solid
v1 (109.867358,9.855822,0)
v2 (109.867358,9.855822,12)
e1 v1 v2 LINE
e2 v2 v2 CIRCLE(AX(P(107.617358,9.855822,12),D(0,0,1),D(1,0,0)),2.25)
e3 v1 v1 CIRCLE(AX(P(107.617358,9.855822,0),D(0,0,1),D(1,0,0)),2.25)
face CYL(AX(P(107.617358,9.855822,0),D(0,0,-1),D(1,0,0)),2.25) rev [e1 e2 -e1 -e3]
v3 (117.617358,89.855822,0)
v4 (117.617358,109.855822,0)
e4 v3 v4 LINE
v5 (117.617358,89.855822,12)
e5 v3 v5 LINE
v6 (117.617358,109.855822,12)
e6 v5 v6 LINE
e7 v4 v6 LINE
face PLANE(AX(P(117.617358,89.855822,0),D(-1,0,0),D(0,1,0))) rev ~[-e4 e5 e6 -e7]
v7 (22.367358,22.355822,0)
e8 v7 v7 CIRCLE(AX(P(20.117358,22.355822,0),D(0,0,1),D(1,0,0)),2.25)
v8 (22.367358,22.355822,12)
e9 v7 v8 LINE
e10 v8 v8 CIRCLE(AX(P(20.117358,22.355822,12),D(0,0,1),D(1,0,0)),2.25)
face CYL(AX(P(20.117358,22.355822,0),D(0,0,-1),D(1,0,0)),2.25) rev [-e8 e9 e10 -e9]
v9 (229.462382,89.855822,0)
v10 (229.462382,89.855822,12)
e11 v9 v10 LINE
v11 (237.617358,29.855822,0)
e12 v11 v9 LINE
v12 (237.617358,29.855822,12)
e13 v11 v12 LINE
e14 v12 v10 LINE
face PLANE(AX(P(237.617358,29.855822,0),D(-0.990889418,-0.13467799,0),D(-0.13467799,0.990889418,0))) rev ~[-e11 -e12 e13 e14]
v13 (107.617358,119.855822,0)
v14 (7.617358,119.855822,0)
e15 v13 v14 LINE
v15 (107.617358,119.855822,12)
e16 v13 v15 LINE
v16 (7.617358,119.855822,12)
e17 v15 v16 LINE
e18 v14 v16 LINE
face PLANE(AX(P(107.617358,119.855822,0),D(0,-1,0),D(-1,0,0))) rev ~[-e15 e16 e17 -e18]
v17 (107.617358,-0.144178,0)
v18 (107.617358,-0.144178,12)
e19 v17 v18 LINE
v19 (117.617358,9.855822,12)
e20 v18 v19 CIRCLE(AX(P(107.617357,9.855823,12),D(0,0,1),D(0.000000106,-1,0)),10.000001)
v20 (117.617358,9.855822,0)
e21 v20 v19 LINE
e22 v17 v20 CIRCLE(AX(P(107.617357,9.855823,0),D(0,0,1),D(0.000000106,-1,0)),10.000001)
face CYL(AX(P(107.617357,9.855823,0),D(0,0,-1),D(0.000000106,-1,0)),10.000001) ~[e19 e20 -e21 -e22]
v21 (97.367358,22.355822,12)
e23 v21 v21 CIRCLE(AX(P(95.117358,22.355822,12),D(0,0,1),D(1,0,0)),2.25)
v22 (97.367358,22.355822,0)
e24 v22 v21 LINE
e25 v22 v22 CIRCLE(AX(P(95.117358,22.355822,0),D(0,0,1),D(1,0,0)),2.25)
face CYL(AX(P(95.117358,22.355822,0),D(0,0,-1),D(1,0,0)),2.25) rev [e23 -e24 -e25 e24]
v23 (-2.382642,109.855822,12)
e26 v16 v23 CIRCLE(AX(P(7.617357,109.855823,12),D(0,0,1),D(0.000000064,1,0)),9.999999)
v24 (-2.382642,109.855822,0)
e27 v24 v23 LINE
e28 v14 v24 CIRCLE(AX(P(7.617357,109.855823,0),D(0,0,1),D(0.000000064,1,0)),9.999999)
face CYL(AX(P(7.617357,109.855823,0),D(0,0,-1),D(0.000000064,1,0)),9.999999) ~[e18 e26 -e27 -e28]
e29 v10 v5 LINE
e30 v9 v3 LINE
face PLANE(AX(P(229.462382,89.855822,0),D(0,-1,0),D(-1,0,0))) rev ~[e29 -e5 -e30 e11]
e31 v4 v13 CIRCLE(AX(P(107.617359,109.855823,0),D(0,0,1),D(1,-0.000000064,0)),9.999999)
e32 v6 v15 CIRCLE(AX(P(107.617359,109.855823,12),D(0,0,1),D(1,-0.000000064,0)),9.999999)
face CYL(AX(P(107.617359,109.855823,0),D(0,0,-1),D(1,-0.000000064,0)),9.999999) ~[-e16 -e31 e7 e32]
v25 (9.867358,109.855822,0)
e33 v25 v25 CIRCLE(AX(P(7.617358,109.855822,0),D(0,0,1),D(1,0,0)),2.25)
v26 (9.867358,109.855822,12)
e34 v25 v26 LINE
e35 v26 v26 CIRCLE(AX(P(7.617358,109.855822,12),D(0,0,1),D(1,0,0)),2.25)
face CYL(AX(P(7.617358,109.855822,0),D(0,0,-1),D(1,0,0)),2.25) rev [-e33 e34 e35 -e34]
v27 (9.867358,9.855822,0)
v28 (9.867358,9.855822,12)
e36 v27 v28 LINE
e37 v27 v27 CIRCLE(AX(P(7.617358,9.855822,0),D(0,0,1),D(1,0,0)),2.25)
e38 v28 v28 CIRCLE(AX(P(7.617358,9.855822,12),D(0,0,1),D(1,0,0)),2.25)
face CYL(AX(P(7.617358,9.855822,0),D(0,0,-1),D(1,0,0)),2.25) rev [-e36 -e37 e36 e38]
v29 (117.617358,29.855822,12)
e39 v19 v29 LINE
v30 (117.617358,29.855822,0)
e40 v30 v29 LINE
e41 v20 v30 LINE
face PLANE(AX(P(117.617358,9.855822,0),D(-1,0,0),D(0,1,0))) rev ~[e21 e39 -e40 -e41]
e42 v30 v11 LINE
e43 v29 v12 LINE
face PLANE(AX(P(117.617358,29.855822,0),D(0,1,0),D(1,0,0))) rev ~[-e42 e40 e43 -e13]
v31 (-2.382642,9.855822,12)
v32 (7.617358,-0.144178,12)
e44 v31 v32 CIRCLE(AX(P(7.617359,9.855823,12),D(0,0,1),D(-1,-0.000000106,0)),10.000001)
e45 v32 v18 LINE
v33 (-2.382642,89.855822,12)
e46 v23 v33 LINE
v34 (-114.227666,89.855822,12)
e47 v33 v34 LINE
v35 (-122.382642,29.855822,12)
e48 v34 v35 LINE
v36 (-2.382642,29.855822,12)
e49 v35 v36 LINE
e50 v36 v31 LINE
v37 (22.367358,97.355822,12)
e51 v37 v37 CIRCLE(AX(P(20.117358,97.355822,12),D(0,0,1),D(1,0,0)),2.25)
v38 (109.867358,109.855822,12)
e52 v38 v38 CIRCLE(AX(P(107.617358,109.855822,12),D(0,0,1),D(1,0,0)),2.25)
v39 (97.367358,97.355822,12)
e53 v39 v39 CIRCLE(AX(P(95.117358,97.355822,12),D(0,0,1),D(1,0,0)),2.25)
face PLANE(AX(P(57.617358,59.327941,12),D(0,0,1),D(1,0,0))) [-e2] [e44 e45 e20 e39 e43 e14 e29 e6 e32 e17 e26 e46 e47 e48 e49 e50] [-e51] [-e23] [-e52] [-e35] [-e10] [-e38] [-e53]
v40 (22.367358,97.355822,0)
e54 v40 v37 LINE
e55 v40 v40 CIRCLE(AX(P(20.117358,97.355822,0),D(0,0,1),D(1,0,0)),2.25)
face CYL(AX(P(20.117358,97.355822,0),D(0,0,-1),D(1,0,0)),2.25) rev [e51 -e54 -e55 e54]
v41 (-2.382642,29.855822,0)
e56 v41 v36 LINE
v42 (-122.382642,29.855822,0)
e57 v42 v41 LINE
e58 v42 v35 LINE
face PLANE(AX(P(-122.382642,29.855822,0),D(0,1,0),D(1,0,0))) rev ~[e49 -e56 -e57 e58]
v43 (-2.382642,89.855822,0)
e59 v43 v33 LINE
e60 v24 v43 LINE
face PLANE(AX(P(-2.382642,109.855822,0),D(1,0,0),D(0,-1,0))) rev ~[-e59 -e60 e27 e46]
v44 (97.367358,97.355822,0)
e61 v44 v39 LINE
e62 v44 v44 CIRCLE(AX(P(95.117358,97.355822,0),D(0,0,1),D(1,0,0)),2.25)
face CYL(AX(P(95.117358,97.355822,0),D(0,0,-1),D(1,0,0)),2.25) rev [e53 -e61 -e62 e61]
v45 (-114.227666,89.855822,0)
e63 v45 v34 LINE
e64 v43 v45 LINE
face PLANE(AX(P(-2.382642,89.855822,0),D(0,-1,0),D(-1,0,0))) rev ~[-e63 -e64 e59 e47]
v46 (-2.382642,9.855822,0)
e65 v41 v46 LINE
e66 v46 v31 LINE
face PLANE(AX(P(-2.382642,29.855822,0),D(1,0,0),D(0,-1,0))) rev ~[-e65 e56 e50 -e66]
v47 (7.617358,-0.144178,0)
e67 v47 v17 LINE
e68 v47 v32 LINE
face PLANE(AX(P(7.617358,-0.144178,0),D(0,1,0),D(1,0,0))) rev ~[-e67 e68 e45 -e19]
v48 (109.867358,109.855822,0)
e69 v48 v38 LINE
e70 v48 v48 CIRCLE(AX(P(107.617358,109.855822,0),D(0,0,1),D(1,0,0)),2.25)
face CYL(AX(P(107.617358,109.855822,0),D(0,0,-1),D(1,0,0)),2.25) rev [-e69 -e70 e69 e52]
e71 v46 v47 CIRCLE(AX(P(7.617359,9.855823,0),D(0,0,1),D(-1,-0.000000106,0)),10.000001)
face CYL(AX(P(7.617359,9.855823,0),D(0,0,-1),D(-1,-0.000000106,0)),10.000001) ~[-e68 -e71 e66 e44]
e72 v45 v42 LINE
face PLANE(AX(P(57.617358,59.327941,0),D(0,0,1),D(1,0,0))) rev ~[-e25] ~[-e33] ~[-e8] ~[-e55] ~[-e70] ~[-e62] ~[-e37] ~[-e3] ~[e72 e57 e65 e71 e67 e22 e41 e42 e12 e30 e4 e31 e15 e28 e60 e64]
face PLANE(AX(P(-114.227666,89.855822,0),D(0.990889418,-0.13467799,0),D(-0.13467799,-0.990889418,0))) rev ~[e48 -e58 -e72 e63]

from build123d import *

# Parameters (mm, degrees)
F0_R     = 2.25
F1_DEPTH = 12


with BuildPart() as f1:
    # F0 (on Top) → F1 (new body)
    with BuildSketch(Plane.XY):
        with BuildLine():
            ThreePointArc((-2.382642, 9.855822), (0.54629, 2.784755), (7.617358, -0.144178))
            Line((7.617358, -0.144178), (107.617358, -0.144178))
            ThreePointArc((107.617358, -0.144178), (114.688426, 2.784755), (117.617358, 9.855822))
            Line((117.617358, 9.855822), (117.617358, 29.855822))
            Line((117.617358, 29.855822), (237.617358, 29.855822))
            Line((237.617358, 29.855822), (229.462382, 89.855822))
            Line((229.462382, 89.855822), (117.617358, 89.855822))
            Line((117.617358, 89.855822), (117.617358, 109.855822))
            ThreePointArc((117.617358, 109.855822), (114.688426, 116.92689), (107.617358, 119.855822))
            Line((107.617358, 119.855822), (7.617358, 119.855822))
            ThreePointArc((7.617358, 119.855822), (0.54629, 116.92689), (-2.382642, 109.855822))
            Line((-2.382642, 109.855822), (-2.382642, 89.855822))
            Line((-2.382642, 89.855822), (-114.227666, 89.855822))
            Line((-114.227666, 89.855822), (-122.382642, 29.855822))
            Line((-122.382642, 29.855822), (-2.382642, 29.855822))
            Line((-2.382642, 29.855822), (-2.382642, 9.855822))
        make_face()
        with Locations((7.617358, 9.855822)):
            Circle(F0_R, mode=Mode.SUBTRACT)
        with Locations((20.117358, 22.355822)):
            Circle(F0_R, mode=Mode.SUBTRACT)
        with Locations((107.617358, 9.855822)):
            Circle(F0_R, mode=Mode.SUBTRACT)
        with Locations((95.117358, 22.355822)):
            Circle(F0_R, mode=Mode.SUBTRACT)
        with Locations((20.117358, 97.355822)):
            Circle(F0_R, mode=Mode.SUBTRACT)
        with Locations((7.617358, 109.855822)):
            Circle(F0_R, mode=Mode.SUBTRACT)
        with Locations((95.117358, 97.355822)):
            Circle(F0_R, mode=Mode.SUBTRACT)
        with Locations((107.617358, 109.855822)):
            Circle(F0_R, mode=Mode.SUBTRACT)
    extrude(amount=F1_DEPTH)


solid = f1.part
